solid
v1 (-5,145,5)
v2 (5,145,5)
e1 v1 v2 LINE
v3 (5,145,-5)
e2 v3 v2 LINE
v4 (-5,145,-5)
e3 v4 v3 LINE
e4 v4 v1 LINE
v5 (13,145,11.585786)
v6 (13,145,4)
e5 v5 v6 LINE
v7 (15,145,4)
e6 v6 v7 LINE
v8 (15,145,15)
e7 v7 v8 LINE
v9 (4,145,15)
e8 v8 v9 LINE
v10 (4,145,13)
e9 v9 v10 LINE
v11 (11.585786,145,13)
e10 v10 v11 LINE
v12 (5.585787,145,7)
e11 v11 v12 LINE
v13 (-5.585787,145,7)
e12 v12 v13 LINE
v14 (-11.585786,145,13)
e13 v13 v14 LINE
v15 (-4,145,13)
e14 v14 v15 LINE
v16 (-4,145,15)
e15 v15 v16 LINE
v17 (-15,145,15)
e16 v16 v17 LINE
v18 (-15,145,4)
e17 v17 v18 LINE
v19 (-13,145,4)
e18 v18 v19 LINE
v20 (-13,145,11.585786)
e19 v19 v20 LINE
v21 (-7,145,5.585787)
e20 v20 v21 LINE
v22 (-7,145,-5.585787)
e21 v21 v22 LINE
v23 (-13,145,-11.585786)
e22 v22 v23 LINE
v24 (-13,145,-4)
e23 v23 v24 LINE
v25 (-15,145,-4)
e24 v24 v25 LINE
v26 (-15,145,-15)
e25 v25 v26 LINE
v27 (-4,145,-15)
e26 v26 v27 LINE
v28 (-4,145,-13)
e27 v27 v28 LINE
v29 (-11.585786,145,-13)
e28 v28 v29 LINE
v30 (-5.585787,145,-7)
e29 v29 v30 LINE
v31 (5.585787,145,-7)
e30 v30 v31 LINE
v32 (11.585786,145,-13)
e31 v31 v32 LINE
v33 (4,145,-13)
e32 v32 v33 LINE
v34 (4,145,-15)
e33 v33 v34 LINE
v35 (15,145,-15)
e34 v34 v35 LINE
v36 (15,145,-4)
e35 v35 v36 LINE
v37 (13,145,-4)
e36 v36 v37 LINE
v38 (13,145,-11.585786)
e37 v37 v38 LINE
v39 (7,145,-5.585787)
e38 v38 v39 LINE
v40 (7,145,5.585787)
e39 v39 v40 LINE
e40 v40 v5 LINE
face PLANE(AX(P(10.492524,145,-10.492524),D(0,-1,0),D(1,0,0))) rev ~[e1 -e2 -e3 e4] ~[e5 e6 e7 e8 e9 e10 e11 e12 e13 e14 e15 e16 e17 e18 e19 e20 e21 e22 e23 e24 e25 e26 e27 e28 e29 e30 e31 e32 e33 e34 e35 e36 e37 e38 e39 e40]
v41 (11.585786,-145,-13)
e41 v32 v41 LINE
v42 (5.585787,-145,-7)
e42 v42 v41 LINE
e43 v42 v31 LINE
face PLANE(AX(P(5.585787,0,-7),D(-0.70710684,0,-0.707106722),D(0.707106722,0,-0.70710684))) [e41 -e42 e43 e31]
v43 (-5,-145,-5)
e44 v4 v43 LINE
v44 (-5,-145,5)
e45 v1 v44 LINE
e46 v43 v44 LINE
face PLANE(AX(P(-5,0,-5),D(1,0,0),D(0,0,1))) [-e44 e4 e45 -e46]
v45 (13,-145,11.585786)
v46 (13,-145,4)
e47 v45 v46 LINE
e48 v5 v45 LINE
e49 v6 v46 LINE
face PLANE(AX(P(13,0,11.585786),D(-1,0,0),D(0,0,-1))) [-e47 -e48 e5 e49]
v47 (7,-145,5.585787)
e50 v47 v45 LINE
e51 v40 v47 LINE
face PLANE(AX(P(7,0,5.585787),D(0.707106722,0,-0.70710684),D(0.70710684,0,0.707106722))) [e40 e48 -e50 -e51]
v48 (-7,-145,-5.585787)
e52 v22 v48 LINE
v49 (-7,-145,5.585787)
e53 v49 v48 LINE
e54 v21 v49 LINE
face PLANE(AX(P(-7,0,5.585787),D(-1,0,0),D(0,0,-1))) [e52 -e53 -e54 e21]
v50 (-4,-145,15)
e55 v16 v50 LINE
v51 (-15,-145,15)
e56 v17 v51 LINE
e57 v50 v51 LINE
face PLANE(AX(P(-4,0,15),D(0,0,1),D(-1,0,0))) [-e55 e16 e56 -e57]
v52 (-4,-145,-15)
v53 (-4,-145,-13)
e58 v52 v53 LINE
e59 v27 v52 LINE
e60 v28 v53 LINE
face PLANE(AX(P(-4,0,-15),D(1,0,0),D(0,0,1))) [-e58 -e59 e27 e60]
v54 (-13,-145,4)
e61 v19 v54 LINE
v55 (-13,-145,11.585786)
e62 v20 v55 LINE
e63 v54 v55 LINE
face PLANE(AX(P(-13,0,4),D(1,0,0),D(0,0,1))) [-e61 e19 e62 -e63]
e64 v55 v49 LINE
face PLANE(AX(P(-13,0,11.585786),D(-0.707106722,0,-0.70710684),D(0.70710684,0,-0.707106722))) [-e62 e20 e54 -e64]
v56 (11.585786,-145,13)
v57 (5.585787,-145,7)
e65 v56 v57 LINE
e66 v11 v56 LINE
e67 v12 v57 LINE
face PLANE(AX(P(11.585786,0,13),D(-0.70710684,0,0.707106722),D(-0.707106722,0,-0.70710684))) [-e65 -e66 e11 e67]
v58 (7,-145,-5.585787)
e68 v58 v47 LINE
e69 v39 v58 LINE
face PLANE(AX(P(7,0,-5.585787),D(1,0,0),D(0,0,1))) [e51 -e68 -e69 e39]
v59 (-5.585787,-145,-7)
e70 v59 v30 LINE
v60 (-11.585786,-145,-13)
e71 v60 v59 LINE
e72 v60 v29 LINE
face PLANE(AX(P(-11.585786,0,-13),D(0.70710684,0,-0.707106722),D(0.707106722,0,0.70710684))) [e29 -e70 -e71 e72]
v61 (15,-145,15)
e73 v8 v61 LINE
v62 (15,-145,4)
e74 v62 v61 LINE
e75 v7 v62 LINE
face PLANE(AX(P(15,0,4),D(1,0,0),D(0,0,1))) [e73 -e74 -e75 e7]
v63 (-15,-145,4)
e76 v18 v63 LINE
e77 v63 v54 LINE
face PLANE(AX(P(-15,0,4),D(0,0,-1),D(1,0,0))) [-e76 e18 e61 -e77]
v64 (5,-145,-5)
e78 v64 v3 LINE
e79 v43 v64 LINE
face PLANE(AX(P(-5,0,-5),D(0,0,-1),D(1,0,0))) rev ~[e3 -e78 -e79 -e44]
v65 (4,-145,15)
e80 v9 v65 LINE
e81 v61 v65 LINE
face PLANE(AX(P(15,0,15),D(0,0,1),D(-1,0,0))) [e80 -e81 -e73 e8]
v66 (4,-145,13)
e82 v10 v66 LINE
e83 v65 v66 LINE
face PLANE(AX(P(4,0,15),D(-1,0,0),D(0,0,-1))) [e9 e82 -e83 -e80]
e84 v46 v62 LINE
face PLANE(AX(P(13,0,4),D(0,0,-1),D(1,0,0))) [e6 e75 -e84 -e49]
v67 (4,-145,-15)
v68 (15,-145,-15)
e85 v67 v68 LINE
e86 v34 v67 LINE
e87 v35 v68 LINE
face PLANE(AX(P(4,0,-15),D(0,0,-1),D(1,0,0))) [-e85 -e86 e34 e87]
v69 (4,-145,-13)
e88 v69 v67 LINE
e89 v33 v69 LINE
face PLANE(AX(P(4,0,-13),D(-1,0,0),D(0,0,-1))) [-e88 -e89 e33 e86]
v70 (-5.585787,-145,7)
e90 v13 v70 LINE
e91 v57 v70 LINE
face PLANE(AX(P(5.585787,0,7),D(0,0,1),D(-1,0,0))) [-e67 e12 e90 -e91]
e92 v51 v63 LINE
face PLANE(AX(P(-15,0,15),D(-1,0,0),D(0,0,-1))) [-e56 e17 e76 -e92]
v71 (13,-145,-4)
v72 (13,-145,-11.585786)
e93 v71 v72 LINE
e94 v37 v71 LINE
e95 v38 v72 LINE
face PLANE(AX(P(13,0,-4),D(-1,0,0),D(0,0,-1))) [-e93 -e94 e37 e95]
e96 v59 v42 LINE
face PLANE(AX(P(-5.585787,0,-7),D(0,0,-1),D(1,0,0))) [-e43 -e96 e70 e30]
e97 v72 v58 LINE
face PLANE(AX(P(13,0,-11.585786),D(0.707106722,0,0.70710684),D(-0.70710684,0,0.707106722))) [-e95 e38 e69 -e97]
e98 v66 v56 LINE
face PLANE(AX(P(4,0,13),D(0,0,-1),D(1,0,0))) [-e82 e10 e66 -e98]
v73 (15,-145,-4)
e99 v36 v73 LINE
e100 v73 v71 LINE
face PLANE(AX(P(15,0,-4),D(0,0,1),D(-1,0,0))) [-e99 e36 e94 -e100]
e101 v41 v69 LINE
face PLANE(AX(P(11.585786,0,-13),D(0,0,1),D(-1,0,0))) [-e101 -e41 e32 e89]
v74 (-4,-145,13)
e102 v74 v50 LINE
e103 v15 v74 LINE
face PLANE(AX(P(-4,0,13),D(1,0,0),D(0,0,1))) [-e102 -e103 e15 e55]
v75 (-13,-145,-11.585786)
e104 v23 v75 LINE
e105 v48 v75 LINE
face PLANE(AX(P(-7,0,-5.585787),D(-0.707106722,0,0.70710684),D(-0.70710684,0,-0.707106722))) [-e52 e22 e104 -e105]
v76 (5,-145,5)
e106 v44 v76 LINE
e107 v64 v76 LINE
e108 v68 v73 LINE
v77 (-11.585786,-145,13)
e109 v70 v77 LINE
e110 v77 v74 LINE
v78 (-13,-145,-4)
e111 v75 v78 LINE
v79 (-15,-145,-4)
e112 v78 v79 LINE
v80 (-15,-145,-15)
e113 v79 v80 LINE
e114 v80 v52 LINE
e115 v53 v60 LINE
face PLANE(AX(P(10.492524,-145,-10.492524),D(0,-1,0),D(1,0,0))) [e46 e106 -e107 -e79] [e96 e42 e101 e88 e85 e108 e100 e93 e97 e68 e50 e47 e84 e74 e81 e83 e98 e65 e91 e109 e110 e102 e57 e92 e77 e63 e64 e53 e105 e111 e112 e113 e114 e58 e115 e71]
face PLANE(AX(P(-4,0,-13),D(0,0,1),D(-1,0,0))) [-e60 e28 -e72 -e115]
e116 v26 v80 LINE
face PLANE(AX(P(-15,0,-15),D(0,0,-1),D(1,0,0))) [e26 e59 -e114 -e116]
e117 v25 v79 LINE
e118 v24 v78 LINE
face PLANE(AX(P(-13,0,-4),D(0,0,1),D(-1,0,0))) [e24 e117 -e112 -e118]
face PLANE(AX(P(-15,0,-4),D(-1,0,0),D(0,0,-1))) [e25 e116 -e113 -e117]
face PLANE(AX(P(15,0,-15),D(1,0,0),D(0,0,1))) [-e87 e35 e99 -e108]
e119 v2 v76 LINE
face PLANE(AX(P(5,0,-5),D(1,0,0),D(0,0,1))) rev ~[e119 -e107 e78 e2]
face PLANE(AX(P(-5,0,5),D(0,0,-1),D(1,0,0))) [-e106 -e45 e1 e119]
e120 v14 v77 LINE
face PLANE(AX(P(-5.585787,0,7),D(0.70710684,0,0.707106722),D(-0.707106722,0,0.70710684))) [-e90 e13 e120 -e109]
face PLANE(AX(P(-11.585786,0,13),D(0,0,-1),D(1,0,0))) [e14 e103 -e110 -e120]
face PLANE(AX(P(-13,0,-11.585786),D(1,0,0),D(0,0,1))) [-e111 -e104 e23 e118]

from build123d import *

# Parameters (mm, degrees)
F0_W     = 10
F0_H     = 10
F1_DEPTH = 145


with BuildPart() as f1:
    # F0 (on Front) → F1 (new body, symmetric)
    with BuildSketch(Plane.XZ):
        Polygon((7, -5.585787), (7, -7), (5.585787, -7), (11.585786, -13), (4, -13), (4, -15), (15, -15), (15, -4), (13, -4), (13, -11.585786), align=None)
        Polygon((5.585787, -7), (7, -7), (7, -5.585787), (7, 5.585787), (7, 7), (5.585787, 7), (-5.585787, 7), (-7, 7), (-7, 5.585787), (-7, -5.585787), (-7, -7), (-5.585787, -7), align=None)
        Rectangle(F0_W, F0_H, mode=Mode.SUBTRACT)
        Polygon((-11.585786, -13), (-5.585787, -7), (-7, -7), (-7, -5.585787), (-13, -11.585786), (-13, -4), (-15, -4), (-15, -15), (-4, -15), (-4, -13), align=None)
        Polygon((7, 7), (7, 5.585787), (13, 11.585786), (13, 4), (15, 4), (15, 15), (4, 15), (4, 13), (11.585786, 13), (5.585787, 7), align=None)
        Polygon((-13, 11.585786), (-7, 5.585787), (-7, 7), (-5.585787, 7), (-11.585786, 13), (-4, 13), (-4, 15), (-15, 15), (-15, 4), (-13, 4), align=None)
    extrude(amount=F1_DEPTH, both=True)


solid = f1.part
